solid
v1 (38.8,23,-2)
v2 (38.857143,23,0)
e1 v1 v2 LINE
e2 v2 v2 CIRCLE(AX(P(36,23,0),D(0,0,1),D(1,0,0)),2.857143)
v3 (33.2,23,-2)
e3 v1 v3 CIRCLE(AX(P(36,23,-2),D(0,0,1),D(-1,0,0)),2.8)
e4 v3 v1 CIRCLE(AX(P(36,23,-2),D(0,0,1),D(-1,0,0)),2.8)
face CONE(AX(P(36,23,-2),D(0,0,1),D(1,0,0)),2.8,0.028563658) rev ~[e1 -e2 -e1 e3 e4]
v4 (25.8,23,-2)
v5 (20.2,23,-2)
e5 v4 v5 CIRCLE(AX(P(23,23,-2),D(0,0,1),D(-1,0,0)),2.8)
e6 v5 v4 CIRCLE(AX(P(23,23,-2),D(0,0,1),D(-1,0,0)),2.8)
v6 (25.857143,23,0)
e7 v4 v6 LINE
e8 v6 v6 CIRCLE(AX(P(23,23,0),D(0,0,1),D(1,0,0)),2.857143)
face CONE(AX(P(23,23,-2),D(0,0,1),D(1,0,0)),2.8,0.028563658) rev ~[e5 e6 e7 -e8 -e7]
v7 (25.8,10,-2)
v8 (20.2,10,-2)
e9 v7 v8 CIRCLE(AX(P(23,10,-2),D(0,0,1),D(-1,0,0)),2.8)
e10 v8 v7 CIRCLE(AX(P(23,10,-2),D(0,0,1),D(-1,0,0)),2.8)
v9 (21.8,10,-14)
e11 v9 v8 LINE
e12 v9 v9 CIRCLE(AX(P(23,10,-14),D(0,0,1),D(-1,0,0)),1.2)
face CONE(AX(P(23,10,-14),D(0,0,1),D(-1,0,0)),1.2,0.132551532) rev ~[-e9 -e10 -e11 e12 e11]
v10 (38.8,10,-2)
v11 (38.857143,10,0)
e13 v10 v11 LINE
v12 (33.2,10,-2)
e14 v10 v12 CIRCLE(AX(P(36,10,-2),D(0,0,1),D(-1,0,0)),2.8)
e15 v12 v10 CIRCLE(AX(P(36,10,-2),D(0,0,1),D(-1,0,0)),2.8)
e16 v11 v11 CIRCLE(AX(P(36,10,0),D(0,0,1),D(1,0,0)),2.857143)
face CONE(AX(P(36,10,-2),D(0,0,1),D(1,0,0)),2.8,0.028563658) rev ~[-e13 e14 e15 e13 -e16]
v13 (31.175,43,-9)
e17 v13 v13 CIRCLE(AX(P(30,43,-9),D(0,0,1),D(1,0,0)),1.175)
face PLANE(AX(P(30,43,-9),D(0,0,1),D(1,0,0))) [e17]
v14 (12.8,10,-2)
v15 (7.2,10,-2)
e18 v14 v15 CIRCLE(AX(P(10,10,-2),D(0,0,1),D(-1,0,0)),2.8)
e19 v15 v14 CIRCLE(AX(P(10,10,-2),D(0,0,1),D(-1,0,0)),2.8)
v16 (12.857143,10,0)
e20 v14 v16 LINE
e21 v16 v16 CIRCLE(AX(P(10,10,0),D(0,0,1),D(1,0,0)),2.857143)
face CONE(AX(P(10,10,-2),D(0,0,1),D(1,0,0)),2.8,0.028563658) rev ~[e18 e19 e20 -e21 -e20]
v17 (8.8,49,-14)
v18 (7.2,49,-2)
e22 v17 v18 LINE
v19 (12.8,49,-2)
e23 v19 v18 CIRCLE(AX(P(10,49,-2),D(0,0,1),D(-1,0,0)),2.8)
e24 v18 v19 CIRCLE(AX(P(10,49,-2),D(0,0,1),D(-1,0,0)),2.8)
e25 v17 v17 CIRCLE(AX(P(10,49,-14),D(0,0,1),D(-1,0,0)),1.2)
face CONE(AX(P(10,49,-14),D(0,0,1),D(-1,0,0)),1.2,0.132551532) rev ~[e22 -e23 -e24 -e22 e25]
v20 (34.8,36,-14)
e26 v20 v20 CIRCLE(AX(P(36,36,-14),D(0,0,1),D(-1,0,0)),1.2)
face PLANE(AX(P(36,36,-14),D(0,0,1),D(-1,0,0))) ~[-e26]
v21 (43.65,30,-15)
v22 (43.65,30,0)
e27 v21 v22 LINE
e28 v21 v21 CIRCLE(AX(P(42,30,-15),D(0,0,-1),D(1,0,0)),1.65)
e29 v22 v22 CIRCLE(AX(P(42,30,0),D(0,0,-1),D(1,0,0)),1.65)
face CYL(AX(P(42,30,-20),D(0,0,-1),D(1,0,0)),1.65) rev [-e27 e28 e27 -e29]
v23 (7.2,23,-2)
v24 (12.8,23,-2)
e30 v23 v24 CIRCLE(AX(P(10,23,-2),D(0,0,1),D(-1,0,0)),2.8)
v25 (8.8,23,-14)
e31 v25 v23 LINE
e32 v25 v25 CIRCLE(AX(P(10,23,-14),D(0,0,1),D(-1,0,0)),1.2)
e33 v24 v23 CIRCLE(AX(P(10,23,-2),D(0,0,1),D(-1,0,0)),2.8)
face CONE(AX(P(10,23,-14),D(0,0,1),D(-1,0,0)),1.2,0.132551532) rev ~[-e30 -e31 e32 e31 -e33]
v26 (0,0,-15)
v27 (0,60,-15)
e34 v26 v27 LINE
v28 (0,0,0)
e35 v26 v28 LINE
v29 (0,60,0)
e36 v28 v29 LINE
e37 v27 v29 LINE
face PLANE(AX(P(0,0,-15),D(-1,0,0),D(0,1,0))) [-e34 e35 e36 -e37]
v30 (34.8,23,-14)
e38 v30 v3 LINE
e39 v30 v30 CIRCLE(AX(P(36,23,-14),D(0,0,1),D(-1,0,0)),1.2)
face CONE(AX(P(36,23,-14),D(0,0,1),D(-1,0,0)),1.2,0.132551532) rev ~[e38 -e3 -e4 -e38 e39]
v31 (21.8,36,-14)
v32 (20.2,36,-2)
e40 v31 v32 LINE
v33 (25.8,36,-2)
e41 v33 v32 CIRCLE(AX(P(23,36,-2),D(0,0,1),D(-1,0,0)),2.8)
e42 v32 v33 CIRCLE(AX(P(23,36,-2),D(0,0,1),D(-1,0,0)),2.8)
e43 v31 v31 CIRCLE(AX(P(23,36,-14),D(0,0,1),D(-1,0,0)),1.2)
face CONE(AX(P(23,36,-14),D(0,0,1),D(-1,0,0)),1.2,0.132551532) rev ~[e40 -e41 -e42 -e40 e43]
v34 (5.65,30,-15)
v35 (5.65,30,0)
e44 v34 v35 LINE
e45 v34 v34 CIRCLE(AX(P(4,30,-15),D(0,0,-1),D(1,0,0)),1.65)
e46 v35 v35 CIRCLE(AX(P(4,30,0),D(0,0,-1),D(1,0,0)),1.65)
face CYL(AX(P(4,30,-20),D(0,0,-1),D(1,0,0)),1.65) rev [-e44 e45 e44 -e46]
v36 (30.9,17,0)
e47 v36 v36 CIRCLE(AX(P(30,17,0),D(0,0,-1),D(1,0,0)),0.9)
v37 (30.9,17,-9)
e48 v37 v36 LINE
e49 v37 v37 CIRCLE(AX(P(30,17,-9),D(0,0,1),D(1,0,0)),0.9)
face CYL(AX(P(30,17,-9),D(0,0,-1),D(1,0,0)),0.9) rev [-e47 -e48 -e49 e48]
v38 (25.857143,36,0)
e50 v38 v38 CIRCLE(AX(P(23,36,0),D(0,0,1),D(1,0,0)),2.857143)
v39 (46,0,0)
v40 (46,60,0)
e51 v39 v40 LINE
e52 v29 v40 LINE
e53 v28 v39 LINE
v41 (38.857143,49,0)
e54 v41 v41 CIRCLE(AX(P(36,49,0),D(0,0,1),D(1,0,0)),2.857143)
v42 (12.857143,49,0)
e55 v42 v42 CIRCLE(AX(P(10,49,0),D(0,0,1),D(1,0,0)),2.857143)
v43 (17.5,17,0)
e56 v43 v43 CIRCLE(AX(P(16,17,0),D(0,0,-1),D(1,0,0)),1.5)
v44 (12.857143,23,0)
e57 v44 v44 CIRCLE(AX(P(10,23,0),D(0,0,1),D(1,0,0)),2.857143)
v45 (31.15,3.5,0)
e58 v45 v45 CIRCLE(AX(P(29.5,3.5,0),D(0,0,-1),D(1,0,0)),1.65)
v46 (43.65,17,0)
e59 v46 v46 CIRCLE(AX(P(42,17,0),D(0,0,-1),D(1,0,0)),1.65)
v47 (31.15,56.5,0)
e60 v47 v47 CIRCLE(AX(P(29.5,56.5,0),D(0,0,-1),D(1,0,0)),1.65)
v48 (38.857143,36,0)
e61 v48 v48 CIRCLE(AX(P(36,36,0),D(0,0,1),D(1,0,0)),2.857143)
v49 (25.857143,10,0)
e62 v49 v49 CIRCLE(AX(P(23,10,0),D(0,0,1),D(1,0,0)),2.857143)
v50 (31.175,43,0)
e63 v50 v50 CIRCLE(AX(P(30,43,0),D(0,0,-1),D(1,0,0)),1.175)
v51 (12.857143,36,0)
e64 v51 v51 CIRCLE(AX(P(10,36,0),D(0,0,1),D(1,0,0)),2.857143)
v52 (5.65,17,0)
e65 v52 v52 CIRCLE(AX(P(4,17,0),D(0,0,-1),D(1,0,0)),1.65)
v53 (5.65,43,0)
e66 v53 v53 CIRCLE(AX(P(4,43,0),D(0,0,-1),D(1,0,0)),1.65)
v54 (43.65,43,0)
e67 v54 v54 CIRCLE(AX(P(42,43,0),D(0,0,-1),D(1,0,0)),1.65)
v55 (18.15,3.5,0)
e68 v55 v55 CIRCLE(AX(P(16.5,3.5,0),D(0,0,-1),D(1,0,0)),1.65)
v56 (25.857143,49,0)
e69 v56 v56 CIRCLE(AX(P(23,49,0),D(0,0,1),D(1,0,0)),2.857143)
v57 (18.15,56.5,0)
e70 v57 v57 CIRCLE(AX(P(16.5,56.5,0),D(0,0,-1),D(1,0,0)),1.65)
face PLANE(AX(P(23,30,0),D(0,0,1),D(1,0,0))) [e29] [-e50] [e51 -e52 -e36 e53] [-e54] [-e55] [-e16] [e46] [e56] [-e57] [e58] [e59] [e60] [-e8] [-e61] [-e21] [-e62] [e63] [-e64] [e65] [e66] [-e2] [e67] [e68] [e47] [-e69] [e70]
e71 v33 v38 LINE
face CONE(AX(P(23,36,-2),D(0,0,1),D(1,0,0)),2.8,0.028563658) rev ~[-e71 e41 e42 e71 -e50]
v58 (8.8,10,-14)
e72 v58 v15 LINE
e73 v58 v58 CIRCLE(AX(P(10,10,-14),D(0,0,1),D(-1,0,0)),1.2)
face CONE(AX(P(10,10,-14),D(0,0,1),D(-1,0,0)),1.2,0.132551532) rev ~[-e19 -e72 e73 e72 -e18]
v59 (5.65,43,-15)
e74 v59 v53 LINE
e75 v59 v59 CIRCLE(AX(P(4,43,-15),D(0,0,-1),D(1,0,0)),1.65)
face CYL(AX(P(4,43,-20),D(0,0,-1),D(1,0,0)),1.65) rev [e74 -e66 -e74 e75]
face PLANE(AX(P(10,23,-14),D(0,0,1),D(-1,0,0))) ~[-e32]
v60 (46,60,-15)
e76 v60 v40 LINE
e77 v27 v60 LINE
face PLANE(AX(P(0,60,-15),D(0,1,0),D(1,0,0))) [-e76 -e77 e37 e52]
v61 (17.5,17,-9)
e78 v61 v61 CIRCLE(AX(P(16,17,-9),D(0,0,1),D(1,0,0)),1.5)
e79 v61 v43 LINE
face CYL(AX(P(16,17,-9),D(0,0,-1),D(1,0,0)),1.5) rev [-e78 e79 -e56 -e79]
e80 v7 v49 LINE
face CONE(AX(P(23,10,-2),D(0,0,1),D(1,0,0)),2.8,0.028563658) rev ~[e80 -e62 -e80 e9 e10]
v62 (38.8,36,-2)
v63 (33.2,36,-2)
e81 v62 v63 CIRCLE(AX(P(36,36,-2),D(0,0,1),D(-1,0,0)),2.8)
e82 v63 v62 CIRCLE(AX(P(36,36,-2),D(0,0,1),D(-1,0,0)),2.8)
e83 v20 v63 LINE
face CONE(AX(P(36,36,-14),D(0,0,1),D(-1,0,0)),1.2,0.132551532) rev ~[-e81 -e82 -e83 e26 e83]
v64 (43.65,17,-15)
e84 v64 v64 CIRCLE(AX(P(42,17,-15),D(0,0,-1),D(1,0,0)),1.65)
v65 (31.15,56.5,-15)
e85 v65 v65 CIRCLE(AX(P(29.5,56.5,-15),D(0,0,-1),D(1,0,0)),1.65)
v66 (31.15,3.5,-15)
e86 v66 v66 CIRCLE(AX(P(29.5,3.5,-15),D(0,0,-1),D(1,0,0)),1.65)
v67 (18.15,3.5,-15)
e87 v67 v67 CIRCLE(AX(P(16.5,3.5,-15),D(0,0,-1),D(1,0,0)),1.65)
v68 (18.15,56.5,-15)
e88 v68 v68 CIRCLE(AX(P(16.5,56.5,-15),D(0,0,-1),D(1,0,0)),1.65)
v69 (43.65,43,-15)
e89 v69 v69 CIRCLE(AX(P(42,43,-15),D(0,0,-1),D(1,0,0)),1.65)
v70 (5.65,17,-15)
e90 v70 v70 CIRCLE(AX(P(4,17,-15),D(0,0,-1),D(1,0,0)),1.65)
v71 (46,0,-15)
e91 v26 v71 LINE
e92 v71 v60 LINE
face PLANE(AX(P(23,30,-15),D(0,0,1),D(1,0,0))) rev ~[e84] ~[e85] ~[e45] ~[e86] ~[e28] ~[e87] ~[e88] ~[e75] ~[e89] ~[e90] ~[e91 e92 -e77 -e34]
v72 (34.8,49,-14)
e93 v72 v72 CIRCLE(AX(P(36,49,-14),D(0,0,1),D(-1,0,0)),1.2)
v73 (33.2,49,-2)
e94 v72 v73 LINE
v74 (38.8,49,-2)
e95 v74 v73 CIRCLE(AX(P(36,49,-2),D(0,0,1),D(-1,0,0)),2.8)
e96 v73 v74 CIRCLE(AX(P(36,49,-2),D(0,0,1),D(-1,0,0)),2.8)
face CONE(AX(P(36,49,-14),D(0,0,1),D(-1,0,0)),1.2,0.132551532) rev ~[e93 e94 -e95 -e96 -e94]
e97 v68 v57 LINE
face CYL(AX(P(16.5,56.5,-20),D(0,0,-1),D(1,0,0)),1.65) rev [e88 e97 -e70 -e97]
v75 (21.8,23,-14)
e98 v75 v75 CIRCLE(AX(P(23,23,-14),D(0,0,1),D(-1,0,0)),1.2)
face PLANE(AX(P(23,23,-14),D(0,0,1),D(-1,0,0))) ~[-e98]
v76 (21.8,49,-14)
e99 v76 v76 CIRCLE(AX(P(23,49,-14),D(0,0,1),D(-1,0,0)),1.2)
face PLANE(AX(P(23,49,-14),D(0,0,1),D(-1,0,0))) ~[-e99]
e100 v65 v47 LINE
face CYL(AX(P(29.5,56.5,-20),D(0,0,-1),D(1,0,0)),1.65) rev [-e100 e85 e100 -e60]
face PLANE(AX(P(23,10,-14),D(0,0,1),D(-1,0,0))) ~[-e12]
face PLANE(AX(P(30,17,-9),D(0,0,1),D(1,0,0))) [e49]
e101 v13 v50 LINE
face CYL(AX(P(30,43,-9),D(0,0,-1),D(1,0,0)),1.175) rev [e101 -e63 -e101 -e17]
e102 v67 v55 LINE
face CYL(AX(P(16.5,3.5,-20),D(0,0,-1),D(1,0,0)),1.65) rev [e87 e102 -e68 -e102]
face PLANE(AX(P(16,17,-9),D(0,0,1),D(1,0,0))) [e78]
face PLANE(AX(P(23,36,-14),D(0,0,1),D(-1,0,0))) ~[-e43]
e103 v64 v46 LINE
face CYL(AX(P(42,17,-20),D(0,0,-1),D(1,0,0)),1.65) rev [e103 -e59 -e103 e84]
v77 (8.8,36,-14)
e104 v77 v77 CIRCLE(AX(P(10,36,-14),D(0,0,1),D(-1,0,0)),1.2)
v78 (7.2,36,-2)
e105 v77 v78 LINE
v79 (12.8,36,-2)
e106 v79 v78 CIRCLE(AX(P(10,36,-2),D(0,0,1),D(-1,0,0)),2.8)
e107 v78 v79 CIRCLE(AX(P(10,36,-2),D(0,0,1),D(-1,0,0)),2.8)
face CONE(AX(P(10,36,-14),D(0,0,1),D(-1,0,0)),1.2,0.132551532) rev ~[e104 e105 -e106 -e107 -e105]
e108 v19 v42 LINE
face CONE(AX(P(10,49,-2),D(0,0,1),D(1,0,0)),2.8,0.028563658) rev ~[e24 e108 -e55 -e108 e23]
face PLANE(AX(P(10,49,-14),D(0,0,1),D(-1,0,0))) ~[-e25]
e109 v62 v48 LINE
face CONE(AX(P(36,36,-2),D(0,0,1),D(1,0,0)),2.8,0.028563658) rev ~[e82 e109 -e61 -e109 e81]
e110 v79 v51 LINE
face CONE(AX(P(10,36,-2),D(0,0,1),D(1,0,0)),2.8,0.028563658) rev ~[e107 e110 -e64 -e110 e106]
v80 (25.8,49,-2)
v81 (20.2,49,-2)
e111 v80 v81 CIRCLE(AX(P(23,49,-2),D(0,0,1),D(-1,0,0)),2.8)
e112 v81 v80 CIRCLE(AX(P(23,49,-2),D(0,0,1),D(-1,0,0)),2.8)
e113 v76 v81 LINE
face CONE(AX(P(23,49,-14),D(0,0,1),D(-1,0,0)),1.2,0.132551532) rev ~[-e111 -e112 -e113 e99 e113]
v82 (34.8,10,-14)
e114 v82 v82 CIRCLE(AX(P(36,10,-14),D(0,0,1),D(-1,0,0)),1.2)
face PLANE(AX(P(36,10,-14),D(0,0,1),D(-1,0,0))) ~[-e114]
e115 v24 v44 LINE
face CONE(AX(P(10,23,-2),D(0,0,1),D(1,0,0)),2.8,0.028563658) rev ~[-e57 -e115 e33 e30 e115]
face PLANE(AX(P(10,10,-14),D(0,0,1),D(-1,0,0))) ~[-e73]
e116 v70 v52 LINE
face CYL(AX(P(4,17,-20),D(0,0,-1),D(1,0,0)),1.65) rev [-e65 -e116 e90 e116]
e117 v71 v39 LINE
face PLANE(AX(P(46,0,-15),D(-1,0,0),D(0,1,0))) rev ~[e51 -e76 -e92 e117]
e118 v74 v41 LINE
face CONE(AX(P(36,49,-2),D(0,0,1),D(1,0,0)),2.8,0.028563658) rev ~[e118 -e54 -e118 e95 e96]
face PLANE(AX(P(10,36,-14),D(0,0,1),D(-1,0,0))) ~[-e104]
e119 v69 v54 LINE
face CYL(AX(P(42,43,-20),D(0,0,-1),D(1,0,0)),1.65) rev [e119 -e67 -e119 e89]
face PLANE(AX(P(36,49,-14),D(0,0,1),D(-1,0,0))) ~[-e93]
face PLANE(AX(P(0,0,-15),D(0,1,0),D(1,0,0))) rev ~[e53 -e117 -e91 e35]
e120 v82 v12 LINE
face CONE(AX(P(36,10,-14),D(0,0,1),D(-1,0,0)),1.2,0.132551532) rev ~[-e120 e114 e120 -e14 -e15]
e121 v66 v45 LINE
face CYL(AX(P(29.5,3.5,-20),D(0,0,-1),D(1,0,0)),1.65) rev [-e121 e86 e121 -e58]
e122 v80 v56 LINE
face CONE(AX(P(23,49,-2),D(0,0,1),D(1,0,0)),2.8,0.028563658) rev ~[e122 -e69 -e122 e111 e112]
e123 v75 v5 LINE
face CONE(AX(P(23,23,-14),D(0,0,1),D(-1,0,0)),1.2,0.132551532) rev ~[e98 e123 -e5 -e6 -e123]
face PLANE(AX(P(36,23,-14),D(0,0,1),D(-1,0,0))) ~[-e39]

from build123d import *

# Parameters (mm, degrees)
CYLINDER001_R     = 1.65
CYLINDER001_DEPTH = 30
ARRAY002_X_COUNT  = 2
ARRAY002_X_PITCH  = 13
ARRAY002_Y_COUNT  = 2
ARRAY002_Y_PITCH  = 53
CYLINDER003_R     = 0.9
CYLINDER003_DEPTH = 10
CYLINDER004_R     = 1.175
CYLINDER004_DEPTH = 10
CYLINDER005_R     = 1.5
CYLINDER005_DEPTH = 10
CYLINDER_R        = 1.65
CYLINDER_DEPTH    = 30
ARRAY001_X_COUNT  = 2
ARRAY001_X_PITCH  = 38
ARRAY001_Y_COUNT  = 3
ARRAY001_Y_PITCH  = 13
ARRAY_X_COUNT     = 3
ARRAY_X_PITCH     = 13
ARRAY_Y_COUNT     = 4
ARRAY_Y_PITCH     = 13
BOX_W             = 46
BOX_H             = 60
BOX_DEPTH         = 15


with BuildPart() as array002:
    # Cylinder001 → Cylinder001 (new body)
    with BuildSketch(Plane.XY.offset(-20)):
        Circle(CYLINDER001_R)
    extrude(amount=CYLINDER001_DEPTH)

    # Array002 X: Array002 ×2


with BuildPart() as array002_1:
    add(array002.part)
    with Locations(*[(i * ARRAY002_X_PITCH, 0, 0) for i in range(1, ARRAY002_X_COUNT)]):
        add(array002.part)

    # Array002 Y: Array002 ×2


with BuildPart() as array002_2:
    add(array002_1.part)
    with Locations(*[(0, i * ARRAY002_Y_PITCH, 0) for i in range(1, ARRAY002_Y_COUNT)]):
        add(array002_1.part)


with BuildPart() as array002_3:
    # Array002 placement: moved
    add(array002_2.part.moved(Location((16.5, 3.5, 0))))


with BuildPart() as cylinder003:
    # Cylinder003 → Cylinder003 (new body)
    with BuildSketch(Plane(origin=(30, 17, -9), x_dir=(1, 0, 0), z_dir=(0, 0, 1))):
        Circle(CYLINDER003_R)
    extrude(amount=CYLINDER003_DEPTH)


with BuildPart() as cylinder004:
    # Cylinder004 → Cylinder004 (new body)
    with BuildSketch(Plane(origin=(30, 43, -9), x_dir=(1, 0, 0), z_dir=(0, 0, 1))):
        Circle(CYLINDER004_R)
    extrude(amount=CYLINDER004_DEPTH)


with BuildPart() as cylinder005:
    # Cylinder005 → Cylinder005 (new body)
    with BuildSketch(Plane(origin=(16, 17, -9), x_dir=(1, 0, 0), z_dir=(0, 0, 1))):
        Circle(CYLINDER005_R)
    extrude(amount=CYLINDER005_DEPTH)


with BuildPart() as hole_union:
    # Cylinder → Cylinder (new body)
    with BuildSketch(Plane.XY.offset(-20)):
        Circle(CYLINDER_R)
    extrude(amount=CYLINDER_DEPTH)

    # Array001 X: hole union ×2


with BuildPart() as hole_union_1:
    add(hole_union.part)
    with Locations(*[(i * ARRAY001_X_PITCH, 0, 0) for i in range(1, ARRAY001_X_COUNT)]):
        add(hole_union.part)

    # Array001 Y: hole union ×3


with BuildPart() as hole_union_2:
    add(hole_union_1.part)
    with Locations(*[(0, i * ARRAY001_Y_PITCH, 0) for i in range(1, ARRAY001_Y_COUNT)]):
        add(hole_union_1.part)


with BuildPart() as hole_union_3:
    # Array001 placement: moved
    add(hole_union_2.part.moved(Location((4, 17, 0))))

    # Fusion001: union Array002, Cylinder003, Cylinder004, Cylinder005
    add(array002_3.part)
    add(cylinder003.part)
    add(cylinder004.part)
    add(cylinder005.part)


with BuildPart() as top_cone:
    # Cone → Cone (revolve)
    with BuildSketch(Plane(origin=(0, 0, -7), x_dir=(1, 0, 0), z_dir=(0, -1, 0))):
        Polygon((0, 0), (2.8, 0), (3, 7), (0, 7), align=None)
    revolve(axis=Axis((0, 0, -7), (0, 0, 1)))


with BuildPart() as cone_array:
    # Cone001 → Cone001 (revolve)
    with BuildSketch(Plane(origin=(0, 0, -19), x_dir=(-1, 0, 0), z_dir=(0, 1, 0))):
        Polygon((0, 0), (1.2, 0), (2.8, 12), (0, 12), align=None)
    revolve(axis=Axis((0, 0, -19), (0, 0, 1)))

    # Fusion: union top cone
    add(top_cone.part)


with BuildPart() as cone_array_1:
    # Fusion placement: moved
    add(cone_array.part.moved(Location((0, 0, 5))))

    # Array X: cone array ×3


with BuildPart() as cone_array_2:
    add(cone_array_1.part)
    with Locations(*[(i * ARRAY_X_PITCH, 0, 0) for i in range(1, ARRAY_X_COUNT)]):
        add(cone_array_1.part)

    # Array Y: cone array ×4


with BuildPart() as cone_array_3:
    add(cone_array_2.part)
    with Locations(*[(0, i * ARRAY_Y_PITCH, 0) for i in range(1, ARRAY_Y_COUNT)]):
        add(cone_array_2.part)


with BuildPart() as cone_array_4:
    # Array placement: moved
    add(cone_array_3.part.moved(Location((10, 10, 0))))


with BuildPart() as all_cut:
    # Box → Box (new body)
    with BuildSketch(Plane.XY.offset(-15)):
        with Locations((23, 30)):
            Rectangle(BOX_W, BOX_H)
    extrude(amount=BOX_DEPTH)

    # Cut: cut cone array
    add(cone_array_4.part, mode=Mode.SUBTRACT)

    # Cut001: cut hole union
    add(hole_union_3.part, mode=Mode.SUBTRACT)


solid = all_cut.part
